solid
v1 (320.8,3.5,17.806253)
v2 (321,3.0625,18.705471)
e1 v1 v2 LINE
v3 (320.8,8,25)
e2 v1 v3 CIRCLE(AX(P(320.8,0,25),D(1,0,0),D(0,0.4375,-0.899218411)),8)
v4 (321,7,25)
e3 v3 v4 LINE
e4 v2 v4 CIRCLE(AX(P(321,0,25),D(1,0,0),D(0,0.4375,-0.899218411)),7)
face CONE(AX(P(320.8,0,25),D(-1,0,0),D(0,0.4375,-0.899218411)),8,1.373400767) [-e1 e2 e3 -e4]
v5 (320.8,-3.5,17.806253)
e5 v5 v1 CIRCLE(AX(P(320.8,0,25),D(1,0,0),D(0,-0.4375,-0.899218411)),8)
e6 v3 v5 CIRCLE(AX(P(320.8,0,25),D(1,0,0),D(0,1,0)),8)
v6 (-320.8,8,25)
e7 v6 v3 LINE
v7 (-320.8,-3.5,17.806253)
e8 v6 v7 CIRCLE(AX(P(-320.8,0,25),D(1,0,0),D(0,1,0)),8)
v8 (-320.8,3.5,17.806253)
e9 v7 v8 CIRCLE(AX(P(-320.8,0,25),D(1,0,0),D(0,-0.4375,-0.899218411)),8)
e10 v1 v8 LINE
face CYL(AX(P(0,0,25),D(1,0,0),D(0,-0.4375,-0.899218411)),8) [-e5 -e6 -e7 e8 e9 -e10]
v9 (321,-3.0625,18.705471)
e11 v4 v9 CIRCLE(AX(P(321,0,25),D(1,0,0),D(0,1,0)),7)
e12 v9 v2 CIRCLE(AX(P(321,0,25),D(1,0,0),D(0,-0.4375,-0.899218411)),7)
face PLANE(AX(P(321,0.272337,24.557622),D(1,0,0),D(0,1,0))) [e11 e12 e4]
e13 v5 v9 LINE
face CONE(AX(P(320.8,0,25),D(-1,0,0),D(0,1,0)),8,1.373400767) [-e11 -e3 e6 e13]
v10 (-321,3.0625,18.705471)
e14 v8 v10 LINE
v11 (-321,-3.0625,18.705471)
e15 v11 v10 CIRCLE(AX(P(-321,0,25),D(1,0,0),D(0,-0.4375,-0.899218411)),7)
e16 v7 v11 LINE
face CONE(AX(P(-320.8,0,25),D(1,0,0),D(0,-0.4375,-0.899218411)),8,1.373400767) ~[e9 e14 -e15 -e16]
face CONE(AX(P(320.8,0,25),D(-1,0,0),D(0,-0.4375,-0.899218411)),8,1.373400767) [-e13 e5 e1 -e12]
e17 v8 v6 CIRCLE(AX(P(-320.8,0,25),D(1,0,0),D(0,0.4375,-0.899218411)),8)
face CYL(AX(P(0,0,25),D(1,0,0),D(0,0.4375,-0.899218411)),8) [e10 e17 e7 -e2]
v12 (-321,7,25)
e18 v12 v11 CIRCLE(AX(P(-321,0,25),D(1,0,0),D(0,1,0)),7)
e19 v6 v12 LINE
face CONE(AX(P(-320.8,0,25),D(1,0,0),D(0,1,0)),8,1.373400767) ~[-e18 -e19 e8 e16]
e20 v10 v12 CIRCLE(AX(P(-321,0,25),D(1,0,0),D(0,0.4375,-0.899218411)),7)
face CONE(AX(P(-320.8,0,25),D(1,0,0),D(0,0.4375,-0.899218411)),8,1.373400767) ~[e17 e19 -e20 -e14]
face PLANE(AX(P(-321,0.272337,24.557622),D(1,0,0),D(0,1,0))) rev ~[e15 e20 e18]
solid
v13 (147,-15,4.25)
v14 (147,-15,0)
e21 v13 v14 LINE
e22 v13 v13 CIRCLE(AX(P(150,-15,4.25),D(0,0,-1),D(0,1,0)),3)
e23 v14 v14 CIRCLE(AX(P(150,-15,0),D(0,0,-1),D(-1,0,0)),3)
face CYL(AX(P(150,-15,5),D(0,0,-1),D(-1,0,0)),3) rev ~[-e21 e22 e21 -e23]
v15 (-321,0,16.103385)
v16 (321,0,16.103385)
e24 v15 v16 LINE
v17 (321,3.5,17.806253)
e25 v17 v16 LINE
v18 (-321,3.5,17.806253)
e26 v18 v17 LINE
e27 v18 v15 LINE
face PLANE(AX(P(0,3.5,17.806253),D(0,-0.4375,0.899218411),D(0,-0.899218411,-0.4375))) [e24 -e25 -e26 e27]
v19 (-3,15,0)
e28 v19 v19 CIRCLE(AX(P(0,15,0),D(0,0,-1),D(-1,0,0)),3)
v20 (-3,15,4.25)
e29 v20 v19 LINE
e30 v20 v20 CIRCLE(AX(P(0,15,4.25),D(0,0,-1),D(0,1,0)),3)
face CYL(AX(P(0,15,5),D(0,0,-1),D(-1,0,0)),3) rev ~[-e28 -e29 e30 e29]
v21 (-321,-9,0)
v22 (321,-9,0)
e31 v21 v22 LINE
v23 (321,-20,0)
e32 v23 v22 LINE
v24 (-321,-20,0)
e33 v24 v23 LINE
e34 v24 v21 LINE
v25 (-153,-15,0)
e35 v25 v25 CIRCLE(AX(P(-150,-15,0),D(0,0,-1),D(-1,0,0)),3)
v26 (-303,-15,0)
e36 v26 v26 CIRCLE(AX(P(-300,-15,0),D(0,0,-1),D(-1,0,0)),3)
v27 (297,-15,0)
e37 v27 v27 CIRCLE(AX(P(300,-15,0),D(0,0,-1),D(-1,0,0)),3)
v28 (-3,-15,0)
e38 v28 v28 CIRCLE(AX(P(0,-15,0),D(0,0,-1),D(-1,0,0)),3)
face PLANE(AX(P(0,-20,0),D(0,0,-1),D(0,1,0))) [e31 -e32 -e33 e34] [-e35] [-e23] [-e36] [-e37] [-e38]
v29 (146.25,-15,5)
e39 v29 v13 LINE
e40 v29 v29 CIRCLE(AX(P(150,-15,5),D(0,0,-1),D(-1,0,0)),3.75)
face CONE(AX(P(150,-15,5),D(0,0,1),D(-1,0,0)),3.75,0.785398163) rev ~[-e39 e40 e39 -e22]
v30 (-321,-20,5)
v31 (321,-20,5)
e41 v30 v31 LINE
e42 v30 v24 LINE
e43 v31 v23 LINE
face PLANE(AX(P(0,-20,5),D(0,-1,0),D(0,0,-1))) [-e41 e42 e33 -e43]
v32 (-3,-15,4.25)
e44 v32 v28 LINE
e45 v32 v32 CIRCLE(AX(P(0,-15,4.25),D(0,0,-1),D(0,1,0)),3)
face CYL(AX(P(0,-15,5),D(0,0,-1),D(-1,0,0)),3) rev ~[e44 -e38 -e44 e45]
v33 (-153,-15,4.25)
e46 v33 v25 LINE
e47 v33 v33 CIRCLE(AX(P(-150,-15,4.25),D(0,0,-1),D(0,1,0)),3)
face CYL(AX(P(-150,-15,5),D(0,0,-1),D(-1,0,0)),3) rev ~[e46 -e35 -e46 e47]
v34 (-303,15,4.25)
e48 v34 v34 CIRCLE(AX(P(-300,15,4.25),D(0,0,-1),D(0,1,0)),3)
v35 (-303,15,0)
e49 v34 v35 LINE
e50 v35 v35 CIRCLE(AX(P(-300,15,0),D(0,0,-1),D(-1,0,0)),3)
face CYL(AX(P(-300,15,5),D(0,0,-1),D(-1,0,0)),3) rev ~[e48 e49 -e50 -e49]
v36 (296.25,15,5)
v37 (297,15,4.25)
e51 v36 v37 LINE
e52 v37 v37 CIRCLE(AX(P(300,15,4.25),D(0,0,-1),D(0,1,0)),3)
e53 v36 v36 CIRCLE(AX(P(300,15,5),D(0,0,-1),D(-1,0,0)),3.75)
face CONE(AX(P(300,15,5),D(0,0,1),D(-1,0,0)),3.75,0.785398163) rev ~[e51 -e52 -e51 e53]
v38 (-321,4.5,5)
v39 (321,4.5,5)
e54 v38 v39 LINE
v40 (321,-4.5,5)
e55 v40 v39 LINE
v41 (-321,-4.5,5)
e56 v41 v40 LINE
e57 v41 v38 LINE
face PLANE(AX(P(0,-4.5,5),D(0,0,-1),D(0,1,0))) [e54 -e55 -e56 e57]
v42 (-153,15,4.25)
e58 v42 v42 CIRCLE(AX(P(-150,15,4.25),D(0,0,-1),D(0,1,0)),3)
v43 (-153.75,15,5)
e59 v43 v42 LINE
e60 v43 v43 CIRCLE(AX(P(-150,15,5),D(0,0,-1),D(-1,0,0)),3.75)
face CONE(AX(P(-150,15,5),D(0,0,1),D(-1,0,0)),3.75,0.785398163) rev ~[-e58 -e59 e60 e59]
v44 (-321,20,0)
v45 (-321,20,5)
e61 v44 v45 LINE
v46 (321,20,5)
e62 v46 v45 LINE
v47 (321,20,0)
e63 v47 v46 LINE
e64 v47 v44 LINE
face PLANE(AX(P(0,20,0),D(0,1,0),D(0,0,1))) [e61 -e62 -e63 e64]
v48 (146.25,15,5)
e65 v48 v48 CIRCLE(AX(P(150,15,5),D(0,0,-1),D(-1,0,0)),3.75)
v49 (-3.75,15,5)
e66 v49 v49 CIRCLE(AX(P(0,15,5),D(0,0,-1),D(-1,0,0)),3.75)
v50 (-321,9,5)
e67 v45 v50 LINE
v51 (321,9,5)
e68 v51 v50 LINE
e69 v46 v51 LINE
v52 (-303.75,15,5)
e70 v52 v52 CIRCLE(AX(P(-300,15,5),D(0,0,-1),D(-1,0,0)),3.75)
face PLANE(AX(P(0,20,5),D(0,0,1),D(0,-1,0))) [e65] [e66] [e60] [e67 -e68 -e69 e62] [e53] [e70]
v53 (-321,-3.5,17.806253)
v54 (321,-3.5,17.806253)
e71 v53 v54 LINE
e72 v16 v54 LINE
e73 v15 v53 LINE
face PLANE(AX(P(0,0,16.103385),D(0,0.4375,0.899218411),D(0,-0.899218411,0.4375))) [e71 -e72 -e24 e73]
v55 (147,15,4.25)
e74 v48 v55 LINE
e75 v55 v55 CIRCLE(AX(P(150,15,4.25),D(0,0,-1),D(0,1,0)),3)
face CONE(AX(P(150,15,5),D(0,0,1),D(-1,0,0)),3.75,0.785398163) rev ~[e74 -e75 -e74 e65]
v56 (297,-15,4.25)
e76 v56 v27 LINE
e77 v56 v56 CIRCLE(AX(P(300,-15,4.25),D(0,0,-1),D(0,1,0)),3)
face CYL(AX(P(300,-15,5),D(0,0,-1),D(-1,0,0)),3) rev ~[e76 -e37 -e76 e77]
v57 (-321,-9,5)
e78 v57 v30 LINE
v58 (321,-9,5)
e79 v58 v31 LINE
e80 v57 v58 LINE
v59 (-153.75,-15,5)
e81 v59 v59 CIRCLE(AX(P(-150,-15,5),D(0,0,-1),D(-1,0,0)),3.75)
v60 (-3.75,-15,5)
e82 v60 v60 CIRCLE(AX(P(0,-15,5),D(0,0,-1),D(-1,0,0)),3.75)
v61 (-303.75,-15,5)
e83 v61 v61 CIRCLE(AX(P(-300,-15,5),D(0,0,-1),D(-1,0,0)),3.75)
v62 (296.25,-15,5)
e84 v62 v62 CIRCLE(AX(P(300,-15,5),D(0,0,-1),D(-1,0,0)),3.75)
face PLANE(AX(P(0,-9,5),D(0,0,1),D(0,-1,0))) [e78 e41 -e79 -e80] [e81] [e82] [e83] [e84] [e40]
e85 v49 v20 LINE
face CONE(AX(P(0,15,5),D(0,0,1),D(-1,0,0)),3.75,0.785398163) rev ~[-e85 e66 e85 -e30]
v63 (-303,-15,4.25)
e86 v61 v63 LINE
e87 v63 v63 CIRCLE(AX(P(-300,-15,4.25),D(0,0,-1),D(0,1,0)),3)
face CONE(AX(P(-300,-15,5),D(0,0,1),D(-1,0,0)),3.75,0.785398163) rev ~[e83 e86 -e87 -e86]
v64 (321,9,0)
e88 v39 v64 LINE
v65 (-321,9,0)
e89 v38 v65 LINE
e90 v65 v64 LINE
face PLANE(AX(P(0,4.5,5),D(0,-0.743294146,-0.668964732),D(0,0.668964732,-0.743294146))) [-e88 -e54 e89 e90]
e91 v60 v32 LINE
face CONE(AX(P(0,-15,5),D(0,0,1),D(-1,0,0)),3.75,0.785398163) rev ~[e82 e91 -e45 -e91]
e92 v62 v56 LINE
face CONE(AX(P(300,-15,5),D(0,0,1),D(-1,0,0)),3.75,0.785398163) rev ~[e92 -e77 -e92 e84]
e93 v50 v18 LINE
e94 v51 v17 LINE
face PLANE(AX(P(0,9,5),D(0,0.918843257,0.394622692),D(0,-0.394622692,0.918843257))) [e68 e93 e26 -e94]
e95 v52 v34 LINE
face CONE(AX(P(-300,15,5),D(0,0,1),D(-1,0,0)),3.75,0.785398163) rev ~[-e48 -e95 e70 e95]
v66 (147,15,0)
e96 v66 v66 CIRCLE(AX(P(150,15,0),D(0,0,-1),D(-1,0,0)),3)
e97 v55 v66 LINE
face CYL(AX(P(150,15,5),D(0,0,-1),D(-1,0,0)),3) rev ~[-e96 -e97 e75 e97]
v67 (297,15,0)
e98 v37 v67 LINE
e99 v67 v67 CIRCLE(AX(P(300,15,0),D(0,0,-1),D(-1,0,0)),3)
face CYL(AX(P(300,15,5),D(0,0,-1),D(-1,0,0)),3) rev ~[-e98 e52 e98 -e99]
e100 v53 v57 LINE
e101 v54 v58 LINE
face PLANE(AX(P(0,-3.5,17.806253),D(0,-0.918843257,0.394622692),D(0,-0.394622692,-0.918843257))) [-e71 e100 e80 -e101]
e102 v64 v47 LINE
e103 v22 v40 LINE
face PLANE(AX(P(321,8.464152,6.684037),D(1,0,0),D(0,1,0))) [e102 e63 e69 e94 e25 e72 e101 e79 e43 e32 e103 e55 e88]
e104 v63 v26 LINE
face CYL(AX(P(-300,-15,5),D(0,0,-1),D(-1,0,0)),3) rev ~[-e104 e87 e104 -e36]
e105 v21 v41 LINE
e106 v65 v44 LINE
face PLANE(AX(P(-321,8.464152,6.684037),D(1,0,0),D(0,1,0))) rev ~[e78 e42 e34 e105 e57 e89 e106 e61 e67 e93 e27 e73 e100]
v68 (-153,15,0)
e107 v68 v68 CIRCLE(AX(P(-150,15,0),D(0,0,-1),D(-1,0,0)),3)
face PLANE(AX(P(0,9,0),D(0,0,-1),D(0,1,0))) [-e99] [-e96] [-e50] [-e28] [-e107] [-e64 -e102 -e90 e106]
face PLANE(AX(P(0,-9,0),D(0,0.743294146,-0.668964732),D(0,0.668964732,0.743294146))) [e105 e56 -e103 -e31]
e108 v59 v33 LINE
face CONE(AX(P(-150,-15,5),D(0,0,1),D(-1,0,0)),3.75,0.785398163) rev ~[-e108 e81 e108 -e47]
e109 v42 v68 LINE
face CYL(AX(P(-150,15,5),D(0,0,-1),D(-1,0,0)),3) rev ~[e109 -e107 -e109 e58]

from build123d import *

# Parameters (mm, degrees)
F1_DEPTH       = 321
F2_DEPTH       = 321
F4_D           = 6
F4_CSINK_D     = 7.5
F4_CSINK_ANGLE = 90
F5_SIZE2       = 1
F5_SIZE        = 0.2
F5_2_SIZE2     = 1
F5_2_SIZE      = 0.2


with BuildPart() as f1:
    # F0 (on Right) → F1 (new body, symmetric)
    with BuildSketch(Plane.YZ):
        Polygon((9, 5), (3.5, 17.806252715), (0, 16.1033850002), (0, 5), (4.5, 5), (9, 0), (20, 0), (20, 5), align=None)
        Polygon((0, 16.1033850002), (-3.5, 17.806252715), (-9, 5), (-20, 5), (-20, 0), (-9, 0), (-4.5, 5), (0, 5), align=None)
    extrude(amount=F1_DEPTH, both=True)

    # F4 (through all)
    with Locations(Plane.XY.offset(5)):
        with Locations((-150, 15), (-300, 15), (0, 15), (0, -15), (-300, -15), (-150, -15), (150, -15), (300, 15), (150, 15), (300, -15)):
            CounterSinkHole(F4_D / 2, F4_CSINK_D / 2, counter_sink_angle=F4_CSINK_ANGLE)


with BuildPart() as f2:
    # F0 (on Right) → F2 (new body, symmetric)
    with BuildSketch(Plane.YZ):
        with BuildLine():
            ThreePointArc((3.5, 17.806252715), (6.7823299831, 20.7573593129), (8, 25))
            ThreePointArc((8, 25), (-4.2426406871, 31.7823299831), (-3.5, 17.806252715))
            ThreePointArc((-3.5, 17.806252715), (0, 17), (3.5, 17.806252715))
        make_face()
    extrude(amount=F2_DEPTH, both=True)

    # F5
    f5_edges = [f2.edges().sort_by_distance(p)[0] for p in [
        (-321, -4.242641, 31.78233),
    ]]
    f5_side = f2.faces().sort_by_distance((-160.5, -4.242641, 31.78233))[0]
    chamfer(f5_edges, length=F5_SIZE, length2=F5_SIZE2, reference=f5_side)

    # F5#2
    f5_2_edges = [f2.edges().sort_by_distance(p)[0] for p in [
        (321, -4.242641, 31.78233),
    ]]
    f5_2_side = f2.faces().sort_by_distance((160.5, -4.242641, 31.78233))[0]
    chamfer(f5_2_edges, length=F5_2_SIZE, length2=F5_2_SIZE2, reference=f5_2_side)


solid = Compound([f1.part, f2.part])
